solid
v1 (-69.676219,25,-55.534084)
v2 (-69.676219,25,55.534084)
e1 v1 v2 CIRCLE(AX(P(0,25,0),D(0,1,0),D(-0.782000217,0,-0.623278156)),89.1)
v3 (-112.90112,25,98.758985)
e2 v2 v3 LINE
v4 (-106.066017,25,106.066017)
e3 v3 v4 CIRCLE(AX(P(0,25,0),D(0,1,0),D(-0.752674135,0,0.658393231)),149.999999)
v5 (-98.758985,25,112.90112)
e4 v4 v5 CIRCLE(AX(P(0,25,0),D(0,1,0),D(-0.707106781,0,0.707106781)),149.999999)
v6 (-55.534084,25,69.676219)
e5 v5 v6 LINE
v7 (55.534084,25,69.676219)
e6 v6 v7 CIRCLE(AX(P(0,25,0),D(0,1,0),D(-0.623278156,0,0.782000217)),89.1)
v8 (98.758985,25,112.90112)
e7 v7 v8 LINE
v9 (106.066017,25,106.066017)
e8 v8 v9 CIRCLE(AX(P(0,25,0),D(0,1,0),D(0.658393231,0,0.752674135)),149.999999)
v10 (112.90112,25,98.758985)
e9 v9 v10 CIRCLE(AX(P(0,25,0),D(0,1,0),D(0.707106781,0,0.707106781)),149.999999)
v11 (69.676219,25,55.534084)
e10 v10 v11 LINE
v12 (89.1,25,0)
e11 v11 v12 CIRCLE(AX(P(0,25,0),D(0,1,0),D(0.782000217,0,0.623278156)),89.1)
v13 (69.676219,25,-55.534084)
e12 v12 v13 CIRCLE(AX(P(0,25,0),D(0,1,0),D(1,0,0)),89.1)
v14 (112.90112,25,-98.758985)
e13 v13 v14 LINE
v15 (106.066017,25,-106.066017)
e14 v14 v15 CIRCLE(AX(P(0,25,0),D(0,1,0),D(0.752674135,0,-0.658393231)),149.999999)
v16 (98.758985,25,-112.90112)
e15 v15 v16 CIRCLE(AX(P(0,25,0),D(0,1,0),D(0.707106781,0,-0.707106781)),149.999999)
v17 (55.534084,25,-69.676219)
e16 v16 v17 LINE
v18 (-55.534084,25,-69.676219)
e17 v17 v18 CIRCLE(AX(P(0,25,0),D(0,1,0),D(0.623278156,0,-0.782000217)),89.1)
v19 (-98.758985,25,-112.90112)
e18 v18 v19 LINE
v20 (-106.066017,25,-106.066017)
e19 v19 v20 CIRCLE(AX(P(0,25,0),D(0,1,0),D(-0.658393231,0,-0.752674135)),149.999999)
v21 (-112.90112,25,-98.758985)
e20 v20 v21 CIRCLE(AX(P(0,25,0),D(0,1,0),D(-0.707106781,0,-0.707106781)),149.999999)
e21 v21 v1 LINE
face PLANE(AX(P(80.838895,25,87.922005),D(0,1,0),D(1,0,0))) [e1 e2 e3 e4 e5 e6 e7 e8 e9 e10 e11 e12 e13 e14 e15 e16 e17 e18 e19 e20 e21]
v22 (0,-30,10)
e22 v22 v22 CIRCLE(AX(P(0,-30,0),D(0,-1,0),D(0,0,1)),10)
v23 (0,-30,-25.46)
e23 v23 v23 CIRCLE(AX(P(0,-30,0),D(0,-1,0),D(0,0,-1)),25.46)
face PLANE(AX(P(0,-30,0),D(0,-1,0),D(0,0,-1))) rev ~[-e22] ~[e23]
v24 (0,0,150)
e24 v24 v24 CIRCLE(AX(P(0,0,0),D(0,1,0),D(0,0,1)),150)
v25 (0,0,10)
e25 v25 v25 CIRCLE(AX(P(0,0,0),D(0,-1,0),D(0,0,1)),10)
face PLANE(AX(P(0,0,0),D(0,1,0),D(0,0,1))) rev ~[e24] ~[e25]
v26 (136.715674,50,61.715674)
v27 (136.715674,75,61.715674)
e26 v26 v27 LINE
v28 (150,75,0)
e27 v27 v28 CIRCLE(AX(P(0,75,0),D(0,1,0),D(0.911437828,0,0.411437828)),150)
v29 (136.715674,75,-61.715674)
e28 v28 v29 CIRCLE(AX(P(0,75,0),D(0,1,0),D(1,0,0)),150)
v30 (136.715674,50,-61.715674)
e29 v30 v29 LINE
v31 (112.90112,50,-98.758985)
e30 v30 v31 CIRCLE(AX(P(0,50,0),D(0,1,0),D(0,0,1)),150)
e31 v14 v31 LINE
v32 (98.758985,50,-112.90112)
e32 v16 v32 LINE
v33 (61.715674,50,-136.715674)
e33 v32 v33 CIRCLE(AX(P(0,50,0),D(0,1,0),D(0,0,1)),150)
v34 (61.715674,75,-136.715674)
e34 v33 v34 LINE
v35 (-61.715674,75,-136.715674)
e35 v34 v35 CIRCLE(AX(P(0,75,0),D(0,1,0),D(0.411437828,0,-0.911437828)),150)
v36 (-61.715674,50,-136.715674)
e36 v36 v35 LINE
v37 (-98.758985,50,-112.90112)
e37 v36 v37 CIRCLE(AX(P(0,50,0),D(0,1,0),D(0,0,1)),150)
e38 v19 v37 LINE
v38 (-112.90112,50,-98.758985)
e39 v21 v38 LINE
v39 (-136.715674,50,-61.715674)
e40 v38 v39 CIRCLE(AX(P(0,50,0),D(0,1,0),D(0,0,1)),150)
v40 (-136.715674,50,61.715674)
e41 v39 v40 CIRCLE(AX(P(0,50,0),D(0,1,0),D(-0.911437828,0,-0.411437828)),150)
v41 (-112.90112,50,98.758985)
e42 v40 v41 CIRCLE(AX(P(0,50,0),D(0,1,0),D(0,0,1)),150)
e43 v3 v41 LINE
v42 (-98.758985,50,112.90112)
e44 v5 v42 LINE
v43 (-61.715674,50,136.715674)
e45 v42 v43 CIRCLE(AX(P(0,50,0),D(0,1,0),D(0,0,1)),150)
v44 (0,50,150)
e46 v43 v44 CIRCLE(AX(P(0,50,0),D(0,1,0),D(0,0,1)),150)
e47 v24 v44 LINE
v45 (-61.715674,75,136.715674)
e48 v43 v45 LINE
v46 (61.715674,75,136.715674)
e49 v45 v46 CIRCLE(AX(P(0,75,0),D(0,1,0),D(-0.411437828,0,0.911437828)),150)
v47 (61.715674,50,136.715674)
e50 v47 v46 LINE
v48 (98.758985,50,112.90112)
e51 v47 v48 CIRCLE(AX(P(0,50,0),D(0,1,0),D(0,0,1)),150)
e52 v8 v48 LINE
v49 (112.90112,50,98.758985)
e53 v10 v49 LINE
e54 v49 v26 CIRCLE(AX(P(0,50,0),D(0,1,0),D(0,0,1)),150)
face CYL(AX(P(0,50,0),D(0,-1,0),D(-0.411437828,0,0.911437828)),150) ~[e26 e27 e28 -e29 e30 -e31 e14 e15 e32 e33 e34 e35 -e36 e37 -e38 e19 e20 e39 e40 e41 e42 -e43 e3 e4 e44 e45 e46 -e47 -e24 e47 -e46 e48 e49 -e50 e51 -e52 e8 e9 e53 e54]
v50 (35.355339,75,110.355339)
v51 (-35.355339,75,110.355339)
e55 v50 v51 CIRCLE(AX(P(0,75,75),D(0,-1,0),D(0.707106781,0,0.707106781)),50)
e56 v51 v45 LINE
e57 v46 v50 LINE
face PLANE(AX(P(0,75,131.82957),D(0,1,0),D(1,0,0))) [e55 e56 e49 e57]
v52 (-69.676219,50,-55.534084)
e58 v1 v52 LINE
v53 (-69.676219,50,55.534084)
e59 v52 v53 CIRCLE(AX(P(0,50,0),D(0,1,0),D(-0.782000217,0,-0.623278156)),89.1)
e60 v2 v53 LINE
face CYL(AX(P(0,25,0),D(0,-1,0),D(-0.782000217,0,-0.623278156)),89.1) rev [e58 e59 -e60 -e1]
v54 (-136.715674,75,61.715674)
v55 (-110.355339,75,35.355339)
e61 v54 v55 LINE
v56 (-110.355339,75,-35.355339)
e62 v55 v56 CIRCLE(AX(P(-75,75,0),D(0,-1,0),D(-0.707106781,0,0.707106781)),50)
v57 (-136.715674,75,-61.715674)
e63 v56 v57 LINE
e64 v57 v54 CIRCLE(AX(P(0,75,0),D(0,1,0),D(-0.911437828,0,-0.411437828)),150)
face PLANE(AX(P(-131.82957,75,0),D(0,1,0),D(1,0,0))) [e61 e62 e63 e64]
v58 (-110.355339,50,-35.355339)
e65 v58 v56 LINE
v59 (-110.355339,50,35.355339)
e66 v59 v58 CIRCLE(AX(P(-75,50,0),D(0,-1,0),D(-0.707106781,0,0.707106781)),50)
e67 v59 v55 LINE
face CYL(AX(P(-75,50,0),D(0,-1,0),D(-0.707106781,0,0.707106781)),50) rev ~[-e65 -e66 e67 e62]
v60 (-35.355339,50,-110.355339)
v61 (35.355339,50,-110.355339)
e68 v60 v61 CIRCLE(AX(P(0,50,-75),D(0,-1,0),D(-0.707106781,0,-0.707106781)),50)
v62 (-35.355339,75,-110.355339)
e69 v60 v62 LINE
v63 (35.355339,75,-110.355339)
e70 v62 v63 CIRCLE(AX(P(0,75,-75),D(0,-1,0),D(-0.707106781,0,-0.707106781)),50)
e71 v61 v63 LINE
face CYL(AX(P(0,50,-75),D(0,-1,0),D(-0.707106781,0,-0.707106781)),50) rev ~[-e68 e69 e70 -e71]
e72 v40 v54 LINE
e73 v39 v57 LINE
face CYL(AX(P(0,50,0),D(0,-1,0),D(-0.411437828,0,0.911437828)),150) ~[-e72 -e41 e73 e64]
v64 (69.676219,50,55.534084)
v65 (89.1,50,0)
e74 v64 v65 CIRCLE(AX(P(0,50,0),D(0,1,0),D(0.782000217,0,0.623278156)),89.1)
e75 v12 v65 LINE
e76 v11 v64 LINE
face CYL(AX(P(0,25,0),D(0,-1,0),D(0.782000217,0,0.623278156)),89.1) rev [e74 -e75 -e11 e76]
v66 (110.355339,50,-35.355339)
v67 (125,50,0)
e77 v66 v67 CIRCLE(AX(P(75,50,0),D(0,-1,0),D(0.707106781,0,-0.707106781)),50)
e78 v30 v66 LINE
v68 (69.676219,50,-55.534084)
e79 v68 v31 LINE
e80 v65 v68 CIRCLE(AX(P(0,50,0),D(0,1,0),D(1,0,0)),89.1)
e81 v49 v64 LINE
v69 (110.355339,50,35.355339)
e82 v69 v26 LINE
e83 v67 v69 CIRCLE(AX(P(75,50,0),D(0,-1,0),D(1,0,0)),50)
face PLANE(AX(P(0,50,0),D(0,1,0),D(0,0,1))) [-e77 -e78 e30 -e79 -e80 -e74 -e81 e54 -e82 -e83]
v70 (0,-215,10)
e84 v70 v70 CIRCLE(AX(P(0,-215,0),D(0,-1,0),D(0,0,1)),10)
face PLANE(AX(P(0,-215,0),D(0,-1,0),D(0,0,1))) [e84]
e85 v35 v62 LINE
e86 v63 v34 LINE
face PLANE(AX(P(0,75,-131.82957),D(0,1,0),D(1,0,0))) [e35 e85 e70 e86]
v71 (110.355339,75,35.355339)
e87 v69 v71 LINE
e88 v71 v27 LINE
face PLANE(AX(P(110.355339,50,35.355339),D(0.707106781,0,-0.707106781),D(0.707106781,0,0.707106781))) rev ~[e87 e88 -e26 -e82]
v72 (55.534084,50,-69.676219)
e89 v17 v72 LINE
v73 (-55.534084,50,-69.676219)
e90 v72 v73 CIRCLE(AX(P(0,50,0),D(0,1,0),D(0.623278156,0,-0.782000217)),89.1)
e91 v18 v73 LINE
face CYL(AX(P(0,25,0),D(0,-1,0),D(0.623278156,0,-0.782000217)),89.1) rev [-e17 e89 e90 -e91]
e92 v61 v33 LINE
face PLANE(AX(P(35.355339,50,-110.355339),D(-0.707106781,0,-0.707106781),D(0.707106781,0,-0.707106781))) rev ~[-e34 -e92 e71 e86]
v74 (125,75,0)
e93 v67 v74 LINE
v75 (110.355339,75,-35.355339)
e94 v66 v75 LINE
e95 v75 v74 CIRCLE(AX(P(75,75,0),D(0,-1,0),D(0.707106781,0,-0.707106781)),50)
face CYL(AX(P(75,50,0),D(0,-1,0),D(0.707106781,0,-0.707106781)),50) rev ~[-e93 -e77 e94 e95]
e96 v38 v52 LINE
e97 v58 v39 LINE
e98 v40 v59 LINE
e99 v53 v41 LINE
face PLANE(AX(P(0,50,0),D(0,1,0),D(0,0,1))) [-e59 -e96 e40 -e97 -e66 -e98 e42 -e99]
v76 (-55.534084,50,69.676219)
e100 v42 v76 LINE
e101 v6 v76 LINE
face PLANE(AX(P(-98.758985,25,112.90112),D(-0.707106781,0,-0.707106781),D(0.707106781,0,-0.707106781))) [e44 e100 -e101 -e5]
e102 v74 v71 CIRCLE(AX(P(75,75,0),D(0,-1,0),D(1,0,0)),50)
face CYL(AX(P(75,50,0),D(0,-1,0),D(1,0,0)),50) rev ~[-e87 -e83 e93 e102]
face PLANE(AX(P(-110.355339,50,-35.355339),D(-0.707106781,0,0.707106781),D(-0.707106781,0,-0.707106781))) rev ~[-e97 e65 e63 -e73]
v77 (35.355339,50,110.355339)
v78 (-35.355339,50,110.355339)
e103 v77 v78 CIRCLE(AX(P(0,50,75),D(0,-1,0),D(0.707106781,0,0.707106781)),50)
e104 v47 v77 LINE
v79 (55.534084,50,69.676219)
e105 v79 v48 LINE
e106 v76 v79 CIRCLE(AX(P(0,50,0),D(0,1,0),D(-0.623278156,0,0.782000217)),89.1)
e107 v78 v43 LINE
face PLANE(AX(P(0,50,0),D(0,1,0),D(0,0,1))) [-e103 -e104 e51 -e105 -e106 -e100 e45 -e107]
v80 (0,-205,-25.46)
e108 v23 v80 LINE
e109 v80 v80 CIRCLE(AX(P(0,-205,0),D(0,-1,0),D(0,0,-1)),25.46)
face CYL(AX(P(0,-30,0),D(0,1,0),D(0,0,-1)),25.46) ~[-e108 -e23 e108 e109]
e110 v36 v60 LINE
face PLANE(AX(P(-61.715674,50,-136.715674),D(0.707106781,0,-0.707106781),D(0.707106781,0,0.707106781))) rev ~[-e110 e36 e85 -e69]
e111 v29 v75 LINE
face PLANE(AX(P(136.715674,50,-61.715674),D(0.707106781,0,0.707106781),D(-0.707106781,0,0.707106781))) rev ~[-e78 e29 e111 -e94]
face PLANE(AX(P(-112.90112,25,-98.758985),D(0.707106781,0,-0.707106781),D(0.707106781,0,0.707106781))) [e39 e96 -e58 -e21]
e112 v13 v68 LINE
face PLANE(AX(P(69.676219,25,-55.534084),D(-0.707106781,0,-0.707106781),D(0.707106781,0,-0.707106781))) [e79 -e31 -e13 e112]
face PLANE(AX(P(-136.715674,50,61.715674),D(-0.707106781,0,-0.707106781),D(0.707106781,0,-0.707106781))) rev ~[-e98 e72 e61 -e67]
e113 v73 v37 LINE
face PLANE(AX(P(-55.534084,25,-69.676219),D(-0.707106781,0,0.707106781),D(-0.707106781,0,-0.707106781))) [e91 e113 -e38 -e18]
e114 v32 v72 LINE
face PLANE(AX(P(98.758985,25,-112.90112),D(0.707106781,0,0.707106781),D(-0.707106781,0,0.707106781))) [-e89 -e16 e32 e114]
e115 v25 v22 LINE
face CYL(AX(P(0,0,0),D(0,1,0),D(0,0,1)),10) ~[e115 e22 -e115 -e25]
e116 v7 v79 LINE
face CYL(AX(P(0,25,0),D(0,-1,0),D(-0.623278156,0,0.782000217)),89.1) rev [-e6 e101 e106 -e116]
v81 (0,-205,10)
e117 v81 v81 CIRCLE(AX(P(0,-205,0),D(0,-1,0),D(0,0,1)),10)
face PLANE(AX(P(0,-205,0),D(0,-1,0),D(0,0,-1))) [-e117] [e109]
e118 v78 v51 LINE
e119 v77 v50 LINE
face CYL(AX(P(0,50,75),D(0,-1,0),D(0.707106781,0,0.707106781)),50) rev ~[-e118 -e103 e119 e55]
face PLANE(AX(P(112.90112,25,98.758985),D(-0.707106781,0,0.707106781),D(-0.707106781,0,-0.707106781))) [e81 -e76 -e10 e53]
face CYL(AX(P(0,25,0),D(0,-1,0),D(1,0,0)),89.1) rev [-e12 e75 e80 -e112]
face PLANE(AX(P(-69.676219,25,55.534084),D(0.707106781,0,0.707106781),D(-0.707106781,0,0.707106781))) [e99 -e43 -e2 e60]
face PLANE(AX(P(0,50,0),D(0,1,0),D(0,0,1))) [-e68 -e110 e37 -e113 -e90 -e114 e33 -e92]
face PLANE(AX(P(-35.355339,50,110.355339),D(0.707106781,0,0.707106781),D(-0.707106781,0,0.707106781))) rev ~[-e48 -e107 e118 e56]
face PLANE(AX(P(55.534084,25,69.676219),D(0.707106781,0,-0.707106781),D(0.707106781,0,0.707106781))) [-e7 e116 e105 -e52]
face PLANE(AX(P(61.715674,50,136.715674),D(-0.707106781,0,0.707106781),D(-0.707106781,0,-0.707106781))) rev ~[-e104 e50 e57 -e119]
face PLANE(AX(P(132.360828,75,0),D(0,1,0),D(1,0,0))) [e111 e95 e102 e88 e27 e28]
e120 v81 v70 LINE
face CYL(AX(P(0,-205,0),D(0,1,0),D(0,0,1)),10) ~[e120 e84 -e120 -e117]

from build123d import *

# Parameters (mm, degrees)
SKETCH_1_R          = 150
EXTRUDE_1_DEPTH     = 50
CUT_EXTRUDE_START   = -25
CUT_EXTRUDE_1_DEPTH = 25
EXTRUDE_2_DEPTH     = 25
SKETCH_4_R          = 10
EXTRUDE_3_DEPTH     = 30
SKETCH_5_R          = 25.46
EXTRUDE_4_DEPTH     = 175
SKETCH_6_R          = 10
EXTRUDE_5_DEPTH     = 10


with BuildPart() as part:
    # 草图1 → 凸台-拉伸1 (new body)
    with BuildSketch(Plane(origin=(0, 0, 0), x_dir=(1, 0, 0), z_dir=(0, 1, 0))):
        with Locations(Location((0, 0, 0), (0, 0, 270))):
            Circle(SKETCH_1_R)
    extrude(amount=EXTRUDE_1_DEPTH)

    # 草图2 → 切除-拉伸1 (cut)
    with BuildSketch(Plane(origin=(0, 50, 0), x_dir=(1, 0, 0), z_dir=(0, 1, 0)).offset(CUT_EXTRUDE_START)):
        with BuildLine():
            Line((106.066017178, -106.066017178), (63.003214204, -63.003214204))
            ThreePointArc((63.003214204, -63.003214204), (59.362488155, -66.444751486), (55.534083733, -69.676219357))
            Line((55.534083733, -69.676219357), (98.758984631, -112.901120254))
            ThreePointArc((98.758984631, -112.901120254), (102.46950766, -109.544511501), (106.066017178, -106.066017178))
        make_face()
        with BuildLine():
            ThreePointArc((69.676219357, -55.534083733), (66.444751486, -59.362488155), (63.003214204, -63.003214204))
            Line((63.003214204, -63.003214204), (106.066017178, -106.066017178))
            ThreePointArc((106.066017178, -106.066017178), (109.544511501, -102.46950766), (112.901120254, -98.758984631))
            Line((112.901120254, -98.758984631), (69.676219357, -55.534083733))
        make_face()
        with BuildLine():
            Line((14.142135624, 0), (7.071067812, -7.071067812))
            Line((7.071067812, -7.071067812), (63.003214204, -63.003214204))
            ThreePointArc((63.003214204, -63.003214204), (66.444751486, -59.362488155), (69.676219357, -55.534083733))
            Line((69.676219357, -55.534083733), (14.142135624, 0))
        make_face()
        with BuildLine():
            Line((63.003214204, -63.003214204), (7.071067812, -7.071067812))
            Line((7.071067812, -7.071067812), (0, -14.142135624))
            Line((0, -14.142135624), (55.534083733, -69.676219357))
            ThreePointArc((55.534083733, -69.676219357), (59.362488155, -66.444751486), (63.003214204, -63.003214204))
        make_face()
        with BuildLine():
            Line((55.534083733, -69.676219357), (0, -14.142135624))
            Line((0, -14.142135624), (-55.534083733, -69.676219357))
            ThreePointArc((-55.534083733, -69.676219357), (0, -89.1), (55.534083733, -69.676219357))
        make_face()
        with BuildLine():
            Line((0, -14.142135624), (-7.071067812, -7.071067812))
            Line((-7.071067812, -7.071067812), (-63.003214204, -63.003214204))
            ThreePointArc((-63.003214204, -63.003214204), (-59.362488155, -66.444751486), (-55.534083733, -69.676219357))
            Line((-55.534083733, -69.676219357), (0, -14.142135624))
        make_face()
        with BuildLine():
            Line((-63.003214204, -63.003214204), (-7.071067812, -7.071067812))
            Line((-7.071067812, -7.071067812), (-14.142135624, 0))
            Line((-14.142135624, 0), (-69.676219357, -55.534083733))
            ThreePointArc((-69.676219357, -55.534083733), (-66.444751486, -59.362488155), (-63.003214204, -63.003214204))
        make_face()
        with BuildLine():
            Line((106.066017178, 106.066017178), (63.003214204, 63.003214204))
            ThreePointArc((63.003214204, 63.003214204), (66.444751486, 59.362488155), (69.676219357, 55.534083733))
            Line((69.676219357, 55.534083733), (112.901120254, 98.758984631))
            ThreePointArc((112.901120254, 98.758984631), (109.544511501, 102.46950766), (106.066017178, 106.066017178))
        make_face()
        with BuildLine():
            ThreePointArc((-55.534083733, -69.676219357), (-59.362488155, -66.444751486), (-63.003214204, -63.003214204))
            Line((-63.003214204, -63.003214204), (-106.066017178, -106.066017178))
            ThreePointArc((-106.066017178, -106.066017178), (-102.46950766, -109.544511501), (-98.758984631, -112.901120254))
            Line((-98.758984631, -112.901120254), (-55.534083733, -69.676219357))
        make_face()
        with BuildLine():
            ThreePointArc((55.534083733, 69.676219357), (59.362488155, 66.444751486), (63.003214204, 63.003214204))
            Line((63.003214204, 63.003214204), (106.066017178, 106.066017178))
            ThreePointArc((106.066017178, 106.066017178), (102.46950766, 109.544511501), (98.758984631, 112.901120254))
            Line((98.758984631, 112.901120254), (55.534083733, 69.676219357))
        make_face()
        with BuildLine():
            Line((-106.066017178, -106.066017178), (-63.003214204, -63.003214204))
            ThreePointArc((-63.003214204, -63.003214204), (-66.444751486, -59.362488155), (-69.676219357, -55.534083733))
            Line((-69.676219357, -55.534083733), (-112.901120254, -98.758984631))
            ThreePointArc((-112.901120254, -98.758984631), (-109.544511501, -102.46950766), (-106.066017178, -106.066017178))
        make_face()
        with BuildLine():
            Line((-69.676219357, -55.534083733), (-14.142135624, 0))
            Line((-14.142135624, 0), (-69.676219357, 55.534083733))
            ThreePointArc((-69.676219357, 55.534083733), (-89.1, 0), (-69.676219357, -55.534083733))
        make_face()
        with BuildLine():
            Line((-14.142135624, 0), (-7.071067812, 7.071067812))
            Line((-7.071067812, 7.071067812), (-63.003214204, 63.003214204))
            ThreePointArc((-63.003214204, 63.003214204), (-66.444751486, 59.362488155), (-69.676219357, 55.534083733))
            Line((-69.676219357, 55.534083733), (-14.142135624, 0))
        make_face()
        with BuildLine():
            Line((-63.003214204, 63.003214204), (-7.071067812, 7.071067812))
            Line((-7.071067812, 7.071067812), (0, 14.142135624))
            Line((0, 14.142135624), (-55.534083733, 69.676219357))
            ThreePointArc((-55.534083733, 69.676219357), (-59.362488155, 66.444751486), (-63.003214204, 63.003214204))
        make_face()
        Polygon((7.071067812, -7.071067812), (0, 0), (-7.071067812, -7.071067812), (0, -14.142135624), align=None)
        Polygon((-7.071067812, -7.071067812), (0, 0), (-7.071067812, 7.071067812), (-14.142135624, 0), align=None)
        Polygon((7.071067812, 7.071067812), (0, 0), (14.142135624, 0), align=None)
        Polygon((14.142135624, 0), (0, 0), (7.071067812, -7.071067812), align=None)
        Polygon((-7.071067812, 7.071067812), (0, 0), (7.071067812, 7.071067812), (0, 14.142135624), align=None)
        with BuildLine():
            Line((0, 14.142135624), (7.071067812, 7.071067812))
            Line((7.071067812, 7.071067812), (63.003214204, 63.003214204))
            ThreePointArc((63.003214204, 63.003214204), (59.362488155, 66.444751486), (55.534083733, 69.676219357))
            Line((55.534083733, 69.676219357), (0, 14.142135624))
        make_face()
        with BuildLine():
            Line((63.003214204, 63.003214204), (7.071067812, 7.071067812))
            Line((7.071067812, 7.071067812), (14.142135624, 0))
            Line((14.142135624, 0), (69.676219357, 55.534083733))
            ThreePointArc((69.676219357, 55.534083733), (66.444751486, 59.362488155), (63.003214204, 63.003214204))
        make_face()
        with BuildLine():
            ThreePointArc((-69.676219357, 55.534083733), (-66.444751486, 59.362488155), (-63.003214204, 63.003214204))
            Line((-63.003214204, 63.003214204), (-106.066017178, 106.066017178))
            ThreePointArc((-106.066017178, 106.066017178), (-109.544511501, 102.46950766), (-112.901120254, 98.758984631))
            Line((-112.901120254, 98.758984631), (-69.676219357, 55.534083733))
        make_face()
        with BuildLine():
            Line((-106.066017178, 106.066017178), (-63.003214204, 63.003214204))
            ThreePointArc((-63.003214204, 63.003214204), (-59.362488155, 66.444751486), (-55.534083733, 69.676219357))
            Line((-55.534083733, 69.676219357), (-98.758984631, 112.901120254))
            ThreePointArc((-98.758984631, 112.901120254), (-102.46950766, 109.544511501), (-106.066017178, 106.066017178))
        make_face()
        with BuildLine():
            Line((69.676219357, 55.534083733), (14.142135624, 0))
            Line((14.142135624, 0), (89.1, 0))
            ThreePointArc((89.1, 0), (84.103986662, 29.416482245), (69.676219357, 55.534083733))
        make_face()
        with BuildLine():
            Line((89.1, 0), (14.142135624, 0))
            Line((14.142135624, 0), (69.676219357, -55.534083733))
            ThreePointArc((69.676219357, -55.534083733), (84.103986662, -29.416482245), (89.1, 0))
        make_face()
        with BuildLine():
            Line((-55.534083733, 69.676219357), (0, 14.142135624))
            Line((0, 14.142135624), (55.534083733, 69.676219357))
            ThreePointArc((55.534083733, 69.676219357), (0, 89.1), (-55.534083733, 69.676219357))
        make_face()
    extrude(amount=CUT_EXTRUDE_1_DEPTH, mode=Mode.SUBTRACT)

    # 草图3 → 凸台-拉伸2 (add)
    with BuildSketch(Plane(origin=(0, 50, 0), x_dir=(1, 0, 0), z_dir=(0, 1, 0))):
        with BuildLine():
            Line((-136.715674165, -61.715674165), (-110.355339059, -35.355339059))
            ThreePointArc((-110.355339059, -35.355339059), (-125, 0), (-110.355339059, 35.355339059))
            Line((-110.355339059, 35.355339059), (-136.715674165, 61.715674165))
            ThreePointArc((-136.715674165, 61.715674165), (-150, 0), (-136.715674165, -61.715674165))
        make_face()
        with BuildLine():
            Line((35.355339059, 110.355339059), (61.715674165, 136.715674165))
            ThreePointArc((61.715674165, 136.715674165), (0, 150), (-61.715674165, 136.715674165))
            Line((-61.715674165, 136.715674165), (-35.355339059, 110.355339059))
            ThreePointArc((-35.355339059, 110.355339059), (0, 125), (35.355339059, 110.355339059))
        make_face()
        with BuildLine():
            Line((136.715674165, 61.715674165), (110.355339059, 35.355339059))
            ThreePointArc((110.355339059, 35.355339059), (121.193976626, 19.134171618), (125, 0))
            ThreePointArc((125, 0), (121.193976626, -19.134171618), (110.355339059, -35.355339059))
            Line((110.355339059, -35.355339059), (136.715674165, -61.715674165))
            ThreePointArc((136.715674165, -61.715674165), (146.641316014, -31.564607357), (150, 0))
            ThreePointArc((150, 0), (146.641316014, 31.564607357), (136.715674165, 61.715674165))
        make_face()
        with BuildLine():
            Line((61.715674165, -136.715674165), (35.355339059, -110.355339059))
            ThreePointArc((35.355339059, -110.355339059), (0, -125), (-35.355339059, -110.355339059))
            Line((-35.355339059, -110.355339059), (-61.715674165, -136.715674165))
            ThreePointArc((-61.715674165, -136.715674165), (0, -150), (61.715674165, -136.715674165))
        make_face()
    extrude(amount=EXTRUDE_2_DEPTH)

    # 草图4 → 凸台-拉伸3 (add)
    with BuildSketch(Plane.XZ):
        with Locations(Location((0, 0, 0), (0, 0, 90))):
            Circle(SKETCH_4_R)
    extrude(amount=EXTRUDE_3_DEPTH)

    # 草图5 → 凸台-拉伸4 (add)
    with BuildSketch(Plane.XZ.offset(30)):
        with Locations(Location((0, 0, 0), (0, 0, 270))):
            Circle(SKETCH_5_R)
    extrude(amount=EXTRUDE_4_DEPTH)

    # 草图6 → 凸台-拉伸5 (add)
    with BuildSketch(Plane.XZ.offset(205)):
        with Locations(Location((0, 0, 0), (0, 0, 90))):
            Circle(SKETCH_6_R)
    extrude(amount=EXTRUDE_5_DEPTH)


solid = part.part
